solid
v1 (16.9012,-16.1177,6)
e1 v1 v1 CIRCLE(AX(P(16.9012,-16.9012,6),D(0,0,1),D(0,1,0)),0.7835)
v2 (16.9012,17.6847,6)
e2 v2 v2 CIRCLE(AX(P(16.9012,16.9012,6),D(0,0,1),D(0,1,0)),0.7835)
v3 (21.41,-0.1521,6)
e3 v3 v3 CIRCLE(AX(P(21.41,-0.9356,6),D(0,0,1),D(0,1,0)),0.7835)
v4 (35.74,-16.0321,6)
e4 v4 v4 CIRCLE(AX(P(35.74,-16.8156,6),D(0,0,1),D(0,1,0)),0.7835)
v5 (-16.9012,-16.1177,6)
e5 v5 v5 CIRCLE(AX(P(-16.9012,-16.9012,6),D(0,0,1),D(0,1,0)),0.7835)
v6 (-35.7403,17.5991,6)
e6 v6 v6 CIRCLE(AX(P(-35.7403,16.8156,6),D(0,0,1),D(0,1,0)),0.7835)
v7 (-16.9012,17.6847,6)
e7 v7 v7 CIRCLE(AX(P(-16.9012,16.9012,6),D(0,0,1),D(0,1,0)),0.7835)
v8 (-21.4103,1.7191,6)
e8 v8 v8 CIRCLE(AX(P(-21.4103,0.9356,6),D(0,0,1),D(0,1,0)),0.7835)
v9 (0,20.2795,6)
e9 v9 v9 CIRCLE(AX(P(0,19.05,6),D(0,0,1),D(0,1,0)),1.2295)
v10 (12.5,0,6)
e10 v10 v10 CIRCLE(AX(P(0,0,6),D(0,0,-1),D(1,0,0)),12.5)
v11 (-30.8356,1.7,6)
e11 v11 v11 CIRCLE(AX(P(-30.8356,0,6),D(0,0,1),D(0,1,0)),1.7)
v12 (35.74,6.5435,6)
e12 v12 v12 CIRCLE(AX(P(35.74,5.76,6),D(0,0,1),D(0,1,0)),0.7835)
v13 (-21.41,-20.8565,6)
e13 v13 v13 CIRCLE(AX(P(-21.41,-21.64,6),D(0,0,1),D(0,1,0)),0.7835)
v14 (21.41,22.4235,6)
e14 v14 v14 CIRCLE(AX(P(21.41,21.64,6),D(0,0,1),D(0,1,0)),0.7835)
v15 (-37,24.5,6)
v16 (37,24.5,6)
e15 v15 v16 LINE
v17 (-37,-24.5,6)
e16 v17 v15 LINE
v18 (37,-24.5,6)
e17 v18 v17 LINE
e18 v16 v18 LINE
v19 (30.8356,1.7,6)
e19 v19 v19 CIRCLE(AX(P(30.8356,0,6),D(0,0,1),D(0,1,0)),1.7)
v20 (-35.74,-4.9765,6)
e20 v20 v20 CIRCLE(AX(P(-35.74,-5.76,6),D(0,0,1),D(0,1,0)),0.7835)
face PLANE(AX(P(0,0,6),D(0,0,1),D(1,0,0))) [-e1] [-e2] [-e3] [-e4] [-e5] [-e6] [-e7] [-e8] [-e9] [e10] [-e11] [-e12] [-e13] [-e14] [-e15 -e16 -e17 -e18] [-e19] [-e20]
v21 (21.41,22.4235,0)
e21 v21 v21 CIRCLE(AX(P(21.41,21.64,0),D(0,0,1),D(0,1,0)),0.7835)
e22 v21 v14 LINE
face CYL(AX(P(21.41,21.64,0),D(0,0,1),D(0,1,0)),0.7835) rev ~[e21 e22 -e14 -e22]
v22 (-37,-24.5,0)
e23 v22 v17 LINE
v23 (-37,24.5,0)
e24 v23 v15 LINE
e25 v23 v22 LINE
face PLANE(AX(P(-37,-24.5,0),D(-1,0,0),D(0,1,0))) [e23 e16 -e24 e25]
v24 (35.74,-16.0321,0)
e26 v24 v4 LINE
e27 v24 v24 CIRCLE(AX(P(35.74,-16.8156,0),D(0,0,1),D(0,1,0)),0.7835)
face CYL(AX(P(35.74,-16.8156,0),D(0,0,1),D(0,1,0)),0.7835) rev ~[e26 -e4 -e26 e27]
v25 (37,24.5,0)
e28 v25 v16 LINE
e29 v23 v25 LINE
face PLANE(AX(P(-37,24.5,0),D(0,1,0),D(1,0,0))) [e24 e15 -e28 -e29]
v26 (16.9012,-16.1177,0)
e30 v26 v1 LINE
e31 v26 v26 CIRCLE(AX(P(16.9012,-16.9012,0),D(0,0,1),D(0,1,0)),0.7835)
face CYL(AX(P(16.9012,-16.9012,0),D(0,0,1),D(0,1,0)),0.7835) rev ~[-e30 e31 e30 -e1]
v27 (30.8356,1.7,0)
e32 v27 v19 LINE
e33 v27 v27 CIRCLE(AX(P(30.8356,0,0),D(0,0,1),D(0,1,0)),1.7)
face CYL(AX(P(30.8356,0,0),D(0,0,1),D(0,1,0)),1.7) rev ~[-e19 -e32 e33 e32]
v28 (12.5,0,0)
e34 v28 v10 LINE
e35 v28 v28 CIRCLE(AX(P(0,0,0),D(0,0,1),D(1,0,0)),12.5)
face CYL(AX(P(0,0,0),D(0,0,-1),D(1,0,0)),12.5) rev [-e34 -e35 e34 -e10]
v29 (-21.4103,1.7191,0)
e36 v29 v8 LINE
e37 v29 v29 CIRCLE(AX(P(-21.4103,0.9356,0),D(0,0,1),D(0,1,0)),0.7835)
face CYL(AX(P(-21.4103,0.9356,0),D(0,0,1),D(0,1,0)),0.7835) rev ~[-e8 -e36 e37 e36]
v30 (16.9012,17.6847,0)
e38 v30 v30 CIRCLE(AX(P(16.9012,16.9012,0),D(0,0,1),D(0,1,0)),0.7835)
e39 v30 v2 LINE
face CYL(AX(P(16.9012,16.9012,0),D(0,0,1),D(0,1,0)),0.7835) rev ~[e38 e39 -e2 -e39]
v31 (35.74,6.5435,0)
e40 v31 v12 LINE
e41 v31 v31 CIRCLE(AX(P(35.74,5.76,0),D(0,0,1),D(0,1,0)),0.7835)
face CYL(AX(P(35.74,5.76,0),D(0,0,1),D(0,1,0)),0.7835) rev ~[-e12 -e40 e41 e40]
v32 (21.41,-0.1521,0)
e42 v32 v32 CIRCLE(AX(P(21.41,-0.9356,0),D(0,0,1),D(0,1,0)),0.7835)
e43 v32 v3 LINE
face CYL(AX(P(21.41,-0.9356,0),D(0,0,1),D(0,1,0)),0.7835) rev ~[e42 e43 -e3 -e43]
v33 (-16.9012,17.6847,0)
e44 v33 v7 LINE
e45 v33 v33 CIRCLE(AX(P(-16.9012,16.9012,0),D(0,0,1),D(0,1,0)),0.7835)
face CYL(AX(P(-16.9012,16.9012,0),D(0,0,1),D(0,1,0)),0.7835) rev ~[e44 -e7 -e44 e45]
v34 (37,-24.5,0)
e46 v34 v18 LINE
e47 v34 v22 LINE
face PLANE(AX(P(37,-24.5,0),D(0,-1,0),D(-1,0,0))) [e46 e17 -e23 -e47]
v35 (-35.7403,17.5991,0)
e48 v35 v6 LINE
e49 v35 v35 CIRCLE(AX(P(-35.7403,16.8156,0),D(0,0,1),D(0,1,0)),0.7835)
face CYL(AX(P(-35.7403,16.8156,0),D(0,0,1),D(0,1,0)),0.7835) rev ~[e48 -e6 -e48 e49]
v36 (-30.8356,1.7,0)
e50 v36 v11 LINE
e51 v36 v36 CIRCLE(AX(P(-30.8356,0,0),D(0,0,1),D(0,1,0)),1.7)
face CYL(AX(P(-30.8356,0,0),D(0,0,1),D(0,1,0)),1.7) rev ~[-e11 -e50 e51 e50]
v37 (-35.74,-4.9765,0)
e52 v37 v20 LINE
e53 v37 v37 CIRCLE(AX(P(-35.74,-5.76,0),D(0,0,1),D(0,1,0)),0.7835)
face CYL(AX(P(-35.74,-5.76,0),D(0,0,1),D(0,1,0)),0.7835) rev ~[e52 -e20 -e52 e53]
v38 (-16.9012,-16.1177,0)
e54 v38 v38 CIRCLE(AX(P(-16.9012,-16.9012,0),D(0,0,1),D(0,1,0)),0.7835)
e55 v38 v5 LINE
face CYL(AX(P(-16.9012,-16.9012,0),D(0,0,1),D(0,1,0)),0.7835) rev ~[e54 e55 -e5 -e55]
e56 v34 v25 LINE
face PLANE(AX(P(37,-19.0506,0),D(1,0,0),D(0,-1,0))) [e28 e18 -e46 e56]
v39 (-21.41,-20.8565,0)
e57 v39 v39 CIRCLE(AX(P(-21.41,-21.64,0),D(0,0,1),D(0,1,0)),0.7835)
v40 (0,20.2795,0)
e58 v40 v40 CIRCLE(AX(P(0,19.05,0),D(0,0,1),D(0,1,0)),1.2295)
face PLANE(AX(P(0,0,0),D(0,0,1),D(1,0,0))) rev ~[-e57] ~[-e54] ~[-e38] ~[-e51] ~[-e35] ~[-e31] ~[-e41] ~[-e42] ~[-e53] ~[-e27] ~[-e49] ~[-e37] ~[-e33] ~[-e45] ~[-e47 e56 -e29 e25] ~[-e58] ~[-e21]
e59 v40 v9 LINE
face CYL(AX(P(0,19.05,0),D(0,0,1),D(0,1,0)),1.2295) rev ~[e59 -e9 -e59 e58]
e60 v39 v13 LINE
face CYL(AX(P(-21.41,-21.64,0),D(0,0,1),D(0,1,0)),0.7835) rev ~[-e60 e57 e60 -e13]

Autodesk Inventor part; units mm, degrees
ref_plane "YZ Plane" through (0, 0, 0) normal (1, 0, 0) x (0, 1, 0)
ref_plane "XZ Plane" through (0, 0, 0) normal (0, 1, 0) x (-1, 0, 0)
ref_plane "XY Plane" through (0, 0, 0) normal (0, 0, 1) x (1, 0, 0)
sketch "Sketch1" plane through (0, 0, 0) normal (0, 0, 1) x (1, 0, 0)
  line L0 (37, -24.5) -> (-37, -24.5)
  line L1 (-37, -24.5) -> (-37, 24.5)
  line L2 (-37, 24.5) -> (37, 24.5)
  line L3 (37, 24.5) -> (37, -24.5)
  line L4 (37, -24.5) -> (-37, 24.5) construction
  line L5 (-37, -24.5) -> (37, 24.5) construction
  circle A0 centre (0, 0) radius 12.5
  line L6 (-19.05, 19.05) -> (19.05, 19.05)
  line L7 (19.05, 19.05) -> (19.05, -19.05)
  line L8 (19.05, -19.05) -> (-19.05, -19.05)
  line L9 (-19.05, -19.05) -> (-19.05, 19.05)
  line L10 (-19.05, 19.05) -> (19.05, -19.05) construction
  line L11 (19.05, 19.05) -> (-19.05, -19.05) construction
  line L12 (19.05, 19.05) -> (16.9012, 19.05)
  line L13 (16.9012, 19.05) -> (16.9012, 16.9012)
  line L14 (16.9012, 16.9012) -> (19.05, 16.9012)
  line L15 (19.05, 16.9012) -> (19.05, 19.05)
  line L16 (0, 19.05) -> (0, -19.05)
  line L17 (-19.05, 0) -> (19.05, 0)
  line L18 (-16.9012, 19.05) -> (-16.9012, 16.9012)
  line L19 (-16.9012, 16.9012) -> (-19.05, 16.9012)
  line L20 (19.05, 0) -> (-19.05, 0)
  line L21 (16.9012, -19.05) -> (16.9012, -16.9012)
  line L22 (16.9012, -16.9012) -> (19.05, -16.9012)
  line L23 (-16.9012, -16.9012) -> (-19.05, -16.9012)
  line L24 (-16.9012, -19.05) -> (-16.9012, -16.9012)
  line L25 (19.05, 0) -> (30.8356, 0)
  line L26 (-19.05, 0) -> (-30.8356, 0)
  circle A1 centre (-16.9012, 16.9012) radius 2
  circle A2 centre (16.9012, 16.9012) radius 2
  circle A3 centre (16.9012, -16.9012) radius 2
  circle A4 centre (-16.9012, -16.9012) radius 2
  circle A5 centre (-30.8356, 0) radius 2.85
  circle A6 centre (30.8356, 0) radius 2.85
  line L27 (-30.8356, 14.9012) -> (-30.8356, 2.85)
  line L28 (-38.1003, 8.8756) -> (-19.0503, 8.8756)
  line L29 (-22.8548, 8.8756) -> (-20.3098, 8.8756)
  line L30 (-21.4103, 8.8756) -> (-21.4103, 0.9356)
  line L31 (-38.1719, 10.7443) -> (-35.8119, 10.7443)
  line L32 (-35.7403, 8.8756) -> (-35.7403, 16.8156)
  line L33 (-38.1719, 16.29) -> (-38.1719, 13.7)
  line L34 (-35.7403, 14.2256) -> (-19.0503, 14.2256)
  line L35 (-19.0503, 14.2256) -> (-19.0503, 8.8756)
  line L36 (-25.2148, 0.9356) -> (-25.2148, 3.5256)
  line L37 (-21.4103, 3.5256) -> (-38.1003, 3.5256)
  line L38 (-38.1003, 14.2256) -> (-35.7403, 14.2256)
  line L39 (-21.4103, 3.5256) -> (-19.0503, 3.5256)
  line L40 (-19.0503, 3.5256) -> (-19.0503, 8.8756)
  line L41 (-35.8119, 14.2256) -> (-35.8119, 19.0506)
  line L42 (-38.1003, 19.0506) -> (-33.3803, 19.0506)
  line L43 (-33.3803, 19.0506) -> (-33.3803, 14.2256)
  line L44 (-19.0503, 3.5256) -> (-19.0503, -1.2994)
  line L45 (-19.0503, -1.2994) -> (-23.7703, -1.2994)
  line L46 (-23.7703, -1.2994) -> (-23.7703, 3.5256)
  circle A7 centre (-35.7403, 16.8156) radius 1.195
  circle A8 centre (-21.4103, 0.9356) radius 1.195
  line L47 (30.8356, -2.85) -> (30.8356, -14.9012)
  line L48 (33.9356, -8.8756) -> (40.1, -8.8756)
  line L49 (19.05, -8.8756) -> (38.1, -8.8756)
  line L50 (35.74, -8.8756) -> (35.74, -16.8156)
  line L51 (21.41, -8.8756) -> (21.41, -0.9356)
  line L52 (21.41, -3.5256) -> (38.1, -3.5256)
  line L53 (38.1, -3.5256) -> (38.1, -8.8756)
  line L54 (35.74, -14.2256) -> (19.05, -14.2256)
  line L55 (19.05, -3.5256) -> (21.41, -3.5256)
  line L56 (30.8356, -14.2256) -> (33.1956, -14.2256)
  line L57 (38.1, -14.2256) -> (38.1, -8.8756)
  line L58 (19.05, 1.2994) -> (23.77, 1.2994)
  line L59 (23.77, 1.2994) -> (23.77, -3.5256)
  line L60 (38.1, -14.2256) -> (38.1, -19.0506)
  line L61 (38.1, -19.0506) -> (33.38, -19.0506)
  line L62 (33.38, -19.0506) -> (33.38, -14.2256)
  circle A9 centre (21.41, -0.9356) radius 1.195
  circle A10 centre (35.74, -16.8156) radius 1.195
  line L63 (-38.1, -13.7) -> (-19.05, -13.7)
  line L64 (-21.41, -13.7) -> (-21.41, -21.64)
  line L65 (-35.74, -13.7) -> (-35.74, -5.76)
  line L66 (-35.74, -8.35) -> (-19.05, -8.35)
  line L67 (-19.05, -7.985) -> (-19.05, -13.335)
  line L68 (-21.41, -19.05) -> (-38.1, -19.05)
  line L69 (-38.1, -8.35) -> (-35.74, -8.35)
  line L70 (-21.41, -19.05) -> (-19.05, -19.05)
  line L71 (-19.05, -18.685) -> (-19.05, -13.335)
  line L72 (-38.1, -3.525) -> (-33.38, -3.525)
  line L73 (-33.38, -3.525) -> (-33.38, -8.35)
  line L74 (-19.05, -19.05) -> (-19.05, -23.875)
  line L75 (-19.05, -23.875) -> (-23.77, -23.875)
  line L76 (-23.77, -23.875) -> (-23.77, -19.05)
  circle A11 centre (-35.74, -5.76) radius 1.195
  circle A12 centre (-21.41, -21.64) radius 1.195
  line L77 (19.05, 13.7) -> (38.1, 13.7)
  line L78 (35.74, 13.7) -> (35.74, 5.76)
  line L79 (21.41, 13.7) -> (21.41, 21.64)
  line L80 (21.41, 19.05) -> (38.1, 19.05)
  line L81 (38.1, 19.05) -> (38.1, 13.7)
  line L82 (35.74, 8.35) -> (19.05, 8.35)
  line L83 (19.05, 19.05) -> (21.41, 19.05)
  line L84 (35.74, 8.35) -> (38.1, 8.35)
  line L85 (38.1, 8.35) -> (38.1, 13.7)
  line L86 (19.05, 23.875) -> (23.77, 23.875)
  line L87 (23.77, 23.875) -> (23.77, 19.05)
  line L88 (38.1, 8.35) -> (38.1, 3.525)
  line L89 (38.1, 3.525) -> (33.38, 3.525)
  line L90 (33.38, 3.525) -> (33.38, 8.35)
  circle A13 centre (21.41, 21.64) radius 1.195
  circle A14 centre (35.74, 5.76) radius 1.195
  arc A15 (-37, 21.2315) -> (-36.9905, 20.9193) centre (-31.8628, 21.2315) ccw
  line L91 (-38.1, -3.525) -> (-38.1, -19.05)
  line L92 (19.05, 1.2994) -> (19.05, -14.2256)
  circle A16 centre (0, 19.05) radius 2.84
  dimension "d29" = 5.7
  dimension "d0" = 74
  dimension "d1" = 49
  dimension "d2" = 25
  dimension "d3" = 38.1
  dimension "d4" = 38.1
  dimension "d5" = 2.1488
  dimension "d6" = 2.1488
  dimension "d7" = 11.7856
  dimension "d24" = 4
  dimension "d25" = 4
  dimension "d26" = 4
  dimension "d27" = 4
  dimension "d28" = 5.7
  dimension "d30" = 19.05
  dimension "d31" = 2.545
  dimension "d32" = 7.94
  dimension "d33" = 2.36
  dimension "d34" = 7.94
  dimension "d35" = 2.59
  dimension "d36" = 2.59
  dimension "d37" = 4.825
  dimension "d39" = 4.825
  dimension "d40" = 4.72
  dimension "d41" = 2.39
  dimension "d42" = 2.39
  dimension "d43" = 19.05
  dimension "d44" = 2.36
  dimension "d45" = 7.94
  dimension "d46" = 2.36
  dimension "d47" = 7.94
  dimension "d48" = 2.59
  dimension "d49" = 2.59
  dimension "d50" = 4.825
  dimension "d51" = 4.72
  dimension "d52" = 4.825
  dimension "d53" = 4.72
  dimension "d54" = 2.39
  dimension "d55" = 2.39
  dimension "d56" = 19.05
  dimension "d57" = 2.36
  dimension "d58" = 7.94
  dimension "d59" = 2.36
  dimension "d60" = 7.94
  dimension "d61" = 2.59
  dimension "d62" = 2.59
  dimension "d63" = 4.825
  dimension "d64" = 4.72
  dimension "d65" = 4.825
  dimension "d66" = 4.72
  dimension "d67" = 2.39
  dimension "d68" = 2.39
  dimension "d69" = 19.05
  dimension "d70" = 2.36
  dimension "d71" = 7.94
  dimension "d72" = 2.36
  dimension "d73" = 7.94
  dimension "d74" = 2.59
  dimension "d75" = 2.59
  dimension "d76" = 4.825
  dimension "d77" = 4.72
  dimension "d78" = 4.825
  dimension "d79" = 4.72
  dimension "d80" = 2.39
  dimension "d81" = 2.39
extrude "Extrusion1" add sketch "Sketch1" along normal blind 6 contours L0 L1 L68 L76 L75 L74 L8 L7 L54 L62 L61 L3 | A10 | L61 L62 L54 L50 L48 L3 | L1 L63 L64 L68 | L48 L49 L47 L52 L3 | L1 L69 L65 L63 | A12 | L68 L70 L74 L75 L76 | L52 L47 A6 L25 L59 L58 L7 L82 L90 L89 L3 | L50 L54 L47 L49 L48 | A11 | L1 L72 L73 L66 L69 | L65 L66 L9 L63 | L64 L63 L9 L70 | A14 | L89 L90 L82 L84 L3 | L52 L59 L25 A6 L47 | L47 L49 L51 L52 | L1 L37 L27 A5 L26 L46 L45 L9 L66 L73 L72 | L9 L23 A4 L24 L8 | L84 L78 L77 L3 | A6 | L47 L54 L7 L49 | L52 L51 A9 L25 L59 | L1 L28 L27 L37 | L9 L17 A0 L16 L8 L24 A4 L23 | L77 L79 L80 L3 | L82 L7 L77 L78 | L49 L7 L55 L51 | L55 L7 L25 A9 L51 | L25 A9 L7 L58 L59 | L7 L22 A3 L21 L8 L16 A0 L17 | L1 L38 L32 L28 | L37 L46 L26 A5 L27 | L27 L28 L30 L37 | A4 L23 L24 | L24 L23 A4 | A13 | L80 L83 L6 A16 L9 L34 L43 L42 L1 L2 L3 | L7 L17 A0 L16 A16 L6 L13 A2 L14 | A9 L25 | L25 A9 | L7 L8 L21 A3 L22 | L32 L34 L27 L28 | L27 L34 L9 L28 | A5 | L77 L7 L83 L79 | A3 L21 L22 | L22 L21 A3 | L1 L42 L41 A7 L38 | L38 L41 A7 L32 | L32 A7 L41 L42 L43 L34 | L37 L30 A8 L26 L46 | L45 L46 L26 A8 L9 | L17 L9 L19 A1 L18 L6 A16 L16 A0 | L14 A2 L13 L6 L7 | A7 L41 | L28 L9 L39 L30 | L39 L9 L26 A8 L30 | A2 L13 L14 | L14 L13 A2 | A7 L41 | L9 L6 L18 A1 L19 | A8 L26 | L26 A8 | A16 L6 L16 | L16 L6 A16 | A1 L18 L19 | L19 L18 A1 | L6 A16
hole "Hole1" at (-16.9012, -16.9012, 0) at (16.9012, -16.9012, 0) at (16.9012, 16.9012, 0) at (-16.9012, 16.9012, 0) direction (0, 0, 1) diameter 1.567 end through all thread size "M2x0.4" class "6H" standard "ISO Metric profile"
hole "Hole2" at (-30.8356, 0, 0) at (30.8356, 0, 0) direction (0, 0, 1) diameter 3.4 end through all clearance for "Socket Head Cap Screw" size "M3" standard "Ansi Metric M Profile"
hole "Hole3" at (-35.7403, 16.8156, 0) at (-21.4103, 0.9356, 0) at (-35.74, -5.76, 0) at (-21.41, -21.64, 0) at (35.74, -16.8156, 0) at (21.41, -0.9356, 0) at (35.74, 5.76, 0) at (21.41, 21.64, 0) direction (0, 0, 1) diameter 1.567 end through all thread size "M2x0.4" class "6H" standard "ISO Metric profile"
hole "Hole4" at (0, 19.05, 0) direction (0, 0, 1) diameter 2.459 end through all thread size "M3x0.5" class "6H" standard "ISO Metric profile"
properties part number "adapter-plate"
